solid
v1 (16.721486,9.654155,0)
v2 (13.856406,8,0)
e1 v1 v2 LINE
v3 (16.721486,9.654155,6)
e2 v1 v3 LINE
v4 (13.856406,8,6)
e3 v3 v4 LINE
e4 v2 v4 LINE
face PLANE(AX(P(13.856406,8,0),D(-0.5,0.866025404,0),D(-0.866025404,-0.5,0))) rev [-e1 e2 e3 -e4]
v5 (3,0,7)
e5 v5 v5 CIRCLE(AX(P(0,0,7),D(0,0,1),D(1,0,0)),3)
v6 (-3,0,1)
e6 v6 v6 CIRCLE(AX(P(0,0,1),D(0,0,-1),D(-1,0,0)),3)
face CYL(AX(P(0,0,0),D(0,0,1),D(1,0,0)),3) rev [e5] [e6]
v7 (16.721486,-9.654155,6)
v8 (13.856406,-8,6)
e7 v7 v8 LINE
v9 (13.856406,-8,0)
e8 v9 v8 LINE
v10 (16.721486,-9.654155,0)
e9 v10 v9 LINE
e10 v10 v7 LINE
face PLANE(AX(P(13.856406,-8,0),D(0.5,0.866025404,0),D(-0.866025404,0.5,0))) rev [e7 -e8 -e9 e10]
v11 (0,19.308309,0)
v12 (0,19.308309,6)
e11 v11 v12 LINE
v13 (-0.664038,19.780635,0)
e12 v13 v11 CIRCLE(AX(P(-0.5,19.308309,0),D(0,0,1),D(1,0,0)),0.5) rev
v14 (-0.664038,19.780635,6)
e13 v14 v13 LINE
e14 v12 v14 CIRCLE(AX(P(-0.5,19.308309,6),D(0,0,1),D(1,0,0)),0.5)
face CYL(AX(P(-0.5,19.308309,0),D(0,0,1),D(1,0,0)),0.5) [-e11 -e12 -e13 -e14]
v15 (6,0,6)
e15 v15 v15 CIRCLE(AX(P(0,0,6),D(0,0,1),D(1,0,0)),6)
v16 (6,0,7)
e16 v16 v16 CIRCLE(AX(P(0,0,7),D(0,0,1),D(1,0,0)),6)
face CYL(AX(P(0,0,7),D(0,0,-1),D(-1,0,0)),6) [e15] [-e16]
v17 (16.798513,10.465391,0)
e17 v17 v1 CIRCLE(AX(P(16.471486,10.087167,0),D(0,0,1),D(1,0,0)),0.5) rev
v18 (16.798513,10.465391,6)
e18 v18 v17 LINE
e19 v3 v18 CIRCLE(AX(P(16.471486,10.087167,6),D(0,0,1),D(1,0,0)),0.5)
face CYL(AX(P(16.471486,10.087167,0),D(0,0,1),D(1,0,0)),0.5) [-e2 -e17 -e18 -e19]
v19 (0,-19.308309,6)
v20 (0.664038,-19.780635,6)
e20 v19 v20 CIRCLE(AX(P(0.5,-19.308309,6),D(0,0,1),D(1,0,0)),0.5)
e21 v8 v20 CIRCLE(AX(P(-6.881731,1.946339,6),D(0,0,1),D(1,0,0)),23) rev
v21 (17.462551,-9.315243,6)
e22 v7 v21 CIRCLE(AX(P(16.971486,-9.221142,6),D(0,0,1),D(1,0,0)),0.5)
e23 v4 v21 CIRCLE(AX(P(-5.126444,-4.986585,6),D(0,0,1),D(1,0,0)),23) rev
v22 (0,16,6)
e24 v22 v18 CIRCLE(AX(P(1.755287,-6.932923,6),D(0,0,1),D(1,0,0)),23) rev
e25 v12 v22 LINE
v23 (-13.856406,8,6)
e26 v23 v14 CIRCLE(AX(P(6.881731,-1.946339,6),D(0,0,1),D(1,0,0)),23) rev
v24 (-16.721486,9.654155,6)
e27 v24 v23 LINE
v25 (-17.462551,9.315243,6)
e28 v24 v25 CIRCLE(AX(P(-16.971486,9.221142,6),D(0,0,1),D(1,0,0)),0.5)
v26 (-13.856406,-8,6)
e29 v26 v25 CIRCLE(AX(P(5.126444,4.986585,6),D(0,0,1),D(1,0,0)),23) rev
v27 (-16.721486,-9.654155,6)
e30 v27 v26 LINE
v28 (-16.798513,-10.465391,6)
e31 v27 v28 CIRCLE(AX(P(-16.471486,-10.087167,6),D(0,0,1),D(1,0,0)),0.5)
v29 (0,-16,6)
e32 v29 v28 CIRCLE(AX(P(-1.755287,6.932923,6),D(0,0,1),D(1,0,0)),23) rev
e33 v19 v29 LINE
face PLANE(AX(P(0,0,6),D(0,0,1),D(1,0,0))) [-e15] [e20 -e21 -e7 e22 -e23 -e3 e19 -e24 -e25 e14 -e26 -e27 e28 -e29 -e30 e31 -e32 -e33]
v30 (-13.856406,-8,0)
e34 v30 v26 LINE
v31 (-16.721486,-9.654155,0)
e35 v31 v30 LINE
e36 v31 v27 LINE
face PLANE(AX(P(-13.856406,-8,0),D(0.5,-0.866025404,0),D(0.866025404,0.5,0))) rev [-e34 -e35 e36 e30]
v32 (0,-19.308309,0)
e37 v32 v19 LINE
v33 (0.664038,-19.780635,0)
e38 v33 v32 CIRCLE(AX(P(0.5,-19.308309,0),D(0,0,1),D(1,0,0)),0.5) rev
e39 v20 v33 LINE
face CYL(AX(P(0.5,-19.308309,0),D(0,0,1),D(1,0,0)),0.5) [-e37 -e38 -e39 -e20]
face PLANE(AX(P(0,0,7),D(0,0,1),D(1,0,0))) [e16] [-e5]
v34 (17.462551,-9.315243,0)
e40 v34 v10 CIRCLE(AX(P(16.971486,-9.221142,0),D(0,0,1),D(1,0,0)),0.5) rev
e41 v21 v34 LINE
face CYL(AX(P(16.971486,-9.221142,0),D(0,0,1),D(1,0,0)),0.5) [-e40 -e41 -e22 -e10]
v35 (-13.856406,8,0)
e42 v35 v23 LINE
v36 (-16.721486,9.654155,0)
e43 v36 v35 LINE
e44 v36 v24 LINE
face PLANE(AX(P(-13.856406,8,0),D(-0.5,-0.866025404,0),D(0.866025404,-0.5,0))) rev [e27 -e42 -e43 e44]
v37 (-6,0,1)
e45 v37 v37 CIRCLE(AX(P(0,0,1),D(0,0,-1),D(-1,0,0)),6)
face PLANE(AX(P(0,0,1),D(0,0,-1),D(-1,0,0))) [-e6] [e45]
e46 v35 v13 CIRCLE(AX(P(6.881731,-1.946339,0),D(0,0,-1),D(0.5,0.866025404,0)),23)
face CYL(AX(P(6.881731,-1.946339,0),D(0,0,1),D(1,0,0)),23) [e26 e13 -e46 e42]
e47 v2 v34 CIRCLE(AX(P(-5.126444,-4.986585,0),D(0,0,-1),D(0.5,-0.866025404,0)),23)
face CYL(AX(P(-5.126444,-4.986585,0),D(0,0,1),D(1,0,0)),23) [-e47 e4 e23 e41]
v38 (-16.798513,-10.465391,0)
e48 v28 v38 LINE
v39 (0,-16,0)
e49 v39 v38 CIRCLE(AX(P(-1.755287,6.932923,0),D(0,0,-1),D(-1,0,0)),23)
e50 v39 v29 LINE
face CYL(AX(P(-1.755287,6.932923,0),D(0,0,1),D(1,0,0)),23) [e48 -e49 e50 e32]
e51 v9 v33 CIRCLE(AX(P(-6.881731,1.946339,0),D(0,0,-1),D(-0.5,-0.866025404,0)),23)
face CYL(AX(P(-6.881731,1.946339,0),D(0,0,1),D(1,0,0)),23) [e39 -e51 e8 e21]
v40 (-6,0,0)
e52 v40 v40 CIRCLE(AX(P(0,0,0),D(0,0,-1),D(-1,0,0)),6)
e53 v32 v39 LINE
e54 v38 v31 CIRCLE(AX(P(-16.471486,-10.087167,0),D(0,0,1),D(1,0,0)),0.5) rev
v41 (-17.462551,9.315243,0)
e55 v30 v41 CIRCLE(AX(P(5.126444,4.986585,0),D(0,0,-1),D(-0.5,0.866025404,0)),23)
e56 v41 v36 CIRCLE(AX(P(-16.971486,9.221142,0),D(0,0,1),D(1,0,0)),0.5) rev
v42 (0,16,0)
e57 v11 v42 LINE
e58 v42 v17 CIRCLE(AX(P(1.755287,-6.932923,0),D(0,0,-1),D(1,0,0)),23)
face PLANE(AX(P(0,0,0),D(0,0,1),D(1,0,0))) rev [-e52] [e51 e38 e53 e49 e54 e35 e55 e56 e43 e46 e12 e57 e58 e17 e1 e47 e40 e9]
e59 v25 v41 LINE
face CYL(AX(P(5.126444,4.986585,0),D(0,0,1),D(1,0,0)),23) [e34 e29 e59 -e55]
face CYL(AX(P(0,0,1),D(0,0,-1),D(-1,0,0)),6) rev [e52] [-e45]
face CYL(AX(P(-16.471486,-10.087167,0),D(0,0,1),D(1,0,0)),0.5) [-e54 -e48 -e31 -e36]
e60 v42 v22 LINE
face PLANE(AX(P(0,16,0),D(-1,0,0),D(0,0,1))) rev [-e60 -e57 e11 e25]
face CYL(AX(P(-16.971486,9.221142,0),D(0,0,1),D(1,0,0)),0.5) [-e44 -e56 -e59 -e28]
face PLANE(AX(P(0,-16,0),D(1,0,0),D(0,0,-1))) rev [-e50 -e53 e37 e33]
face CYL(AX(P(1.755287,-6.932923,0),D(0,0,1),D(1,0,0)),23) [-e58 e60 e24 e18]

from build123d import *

# Parameters (mm, degrees)
SKETCH1_R               = 20
BOSS_EXTRUDE1_DEPTH     = 6
CUT_EXTRUDE1_DEPTH      = 29.91366459
CIRPATTERN1_COUNT       = 6
FILLET1_R               = 0.5
SKETCH4_R               = 6.01463831
BOSS_EXTRUDE2_DEPTH     = 1
SKETCH8_R               = 6
BOSS_EXTRUDE3_DEPTH     = 1
SKETCH9_R               = 6
CUT_EXTRUDE3_DEPTH      = 1
CUT_EXTRUDE4_DEPTH      = 28.583203303
CUT_EXTRUDE4_DEPTH_BACK = 28.583203303
SKETCH10_R              = 3


with BuildPart() as part:
    # Sketch1 → Boss-Extrude1 (new body)
    with BuildSketch(Plane.XY):
        Circle(SKETCH1_R)
    extrude(amount=BOSS_EXTRUDE1_DEPTH)

    # Sketch2 → Cut-Extrude1 (cut, symmetric)
    with BuildSketch(Plane.XY.offset(6)):
        with BuildLine():
            Line((0, 16), (0, 20))
            ThreePointArc((0, 20), (10, 17.320508076), (17.320508076, 10))
            ThreePointArc((17.320508076, 10), (9.283804095, 14.800033966), (0, 16))
        make_face()
    cut_extrude1 = extrude(amount=CUT_EXTRUDE1_DEPTH, both=True, mode=Mode.SUBTRACT)

    # CirPattern1: Cut-Extrude1 ×6 about axis
    cirpattern1_axis = Axis((0, 0, 0), (0, 0, 1))
    for i in range(1, CIRPATTERN1_COUNT):
        add(cut_extrude1.rotate(cirpattern1_axis, i * 360 / CIRPATTERN1_COUNT), mode=Mode.SUBTRACT)

    # Fillet1
    fillet1_edges = [part.edges().sort_by_distance(p)[0] for p in [
        (17.320508076, 10, 3),
        (0, 20, 3),
        (-17.320508076, 10, 3),
        (0, -20, 3),
        (-17.320508076, -10, 3),
        (17.320508076, -10, 3),
    ]]
    fillet(fillet1_edges, radius=FILLET1_R)

    # Sketch4 → Boss-Extrude2 (add)
    with BuildSketch(Plane.XY):
        Circle(SKETCH4_R)
    extrude(amount=BOSS_EXTRUDE2_DEPTH)

    # Sketch8 → Boss-Extrude3 (add)
    with BuildSketch(Plane.XY.offset(6)):
        Circle(SKETCH8_R)
    extrude(amount=BOSS_EXTRUDE3_DEPTH)

    # Sketch9 → Cut-Extrude3 (cut)
    with BuildSketch(Plane(origin=(0, 0, 0), x_dir=(-1, 0, 0), z_dir=(0, 0, -1))):
        with Locations(Location((0, 0, 0), (0, 0, 180))):
            Circle(SKETCH9_R)
    extrude(amount=-CUT_EXTRUDE3_DEPTH, mode=Mode.SUBTRACT)

    # Sketch10 → Cut-Extrude4 (cut, two sides: drawn at the far end of the back side and taken through both)
    with BuildSketch(Plane.XY.offset(7).offset(-CUT_EXTRUDE4_DEPTH_BACK)):
        Circle(SKETCH10_R)
    extrude(amount=CUT_EXTRUDE4_DEPTH + CUT_EXTRUDE4_DEPTH_BACK, mode=Mode.SUBTRACT)


solid = part.part
